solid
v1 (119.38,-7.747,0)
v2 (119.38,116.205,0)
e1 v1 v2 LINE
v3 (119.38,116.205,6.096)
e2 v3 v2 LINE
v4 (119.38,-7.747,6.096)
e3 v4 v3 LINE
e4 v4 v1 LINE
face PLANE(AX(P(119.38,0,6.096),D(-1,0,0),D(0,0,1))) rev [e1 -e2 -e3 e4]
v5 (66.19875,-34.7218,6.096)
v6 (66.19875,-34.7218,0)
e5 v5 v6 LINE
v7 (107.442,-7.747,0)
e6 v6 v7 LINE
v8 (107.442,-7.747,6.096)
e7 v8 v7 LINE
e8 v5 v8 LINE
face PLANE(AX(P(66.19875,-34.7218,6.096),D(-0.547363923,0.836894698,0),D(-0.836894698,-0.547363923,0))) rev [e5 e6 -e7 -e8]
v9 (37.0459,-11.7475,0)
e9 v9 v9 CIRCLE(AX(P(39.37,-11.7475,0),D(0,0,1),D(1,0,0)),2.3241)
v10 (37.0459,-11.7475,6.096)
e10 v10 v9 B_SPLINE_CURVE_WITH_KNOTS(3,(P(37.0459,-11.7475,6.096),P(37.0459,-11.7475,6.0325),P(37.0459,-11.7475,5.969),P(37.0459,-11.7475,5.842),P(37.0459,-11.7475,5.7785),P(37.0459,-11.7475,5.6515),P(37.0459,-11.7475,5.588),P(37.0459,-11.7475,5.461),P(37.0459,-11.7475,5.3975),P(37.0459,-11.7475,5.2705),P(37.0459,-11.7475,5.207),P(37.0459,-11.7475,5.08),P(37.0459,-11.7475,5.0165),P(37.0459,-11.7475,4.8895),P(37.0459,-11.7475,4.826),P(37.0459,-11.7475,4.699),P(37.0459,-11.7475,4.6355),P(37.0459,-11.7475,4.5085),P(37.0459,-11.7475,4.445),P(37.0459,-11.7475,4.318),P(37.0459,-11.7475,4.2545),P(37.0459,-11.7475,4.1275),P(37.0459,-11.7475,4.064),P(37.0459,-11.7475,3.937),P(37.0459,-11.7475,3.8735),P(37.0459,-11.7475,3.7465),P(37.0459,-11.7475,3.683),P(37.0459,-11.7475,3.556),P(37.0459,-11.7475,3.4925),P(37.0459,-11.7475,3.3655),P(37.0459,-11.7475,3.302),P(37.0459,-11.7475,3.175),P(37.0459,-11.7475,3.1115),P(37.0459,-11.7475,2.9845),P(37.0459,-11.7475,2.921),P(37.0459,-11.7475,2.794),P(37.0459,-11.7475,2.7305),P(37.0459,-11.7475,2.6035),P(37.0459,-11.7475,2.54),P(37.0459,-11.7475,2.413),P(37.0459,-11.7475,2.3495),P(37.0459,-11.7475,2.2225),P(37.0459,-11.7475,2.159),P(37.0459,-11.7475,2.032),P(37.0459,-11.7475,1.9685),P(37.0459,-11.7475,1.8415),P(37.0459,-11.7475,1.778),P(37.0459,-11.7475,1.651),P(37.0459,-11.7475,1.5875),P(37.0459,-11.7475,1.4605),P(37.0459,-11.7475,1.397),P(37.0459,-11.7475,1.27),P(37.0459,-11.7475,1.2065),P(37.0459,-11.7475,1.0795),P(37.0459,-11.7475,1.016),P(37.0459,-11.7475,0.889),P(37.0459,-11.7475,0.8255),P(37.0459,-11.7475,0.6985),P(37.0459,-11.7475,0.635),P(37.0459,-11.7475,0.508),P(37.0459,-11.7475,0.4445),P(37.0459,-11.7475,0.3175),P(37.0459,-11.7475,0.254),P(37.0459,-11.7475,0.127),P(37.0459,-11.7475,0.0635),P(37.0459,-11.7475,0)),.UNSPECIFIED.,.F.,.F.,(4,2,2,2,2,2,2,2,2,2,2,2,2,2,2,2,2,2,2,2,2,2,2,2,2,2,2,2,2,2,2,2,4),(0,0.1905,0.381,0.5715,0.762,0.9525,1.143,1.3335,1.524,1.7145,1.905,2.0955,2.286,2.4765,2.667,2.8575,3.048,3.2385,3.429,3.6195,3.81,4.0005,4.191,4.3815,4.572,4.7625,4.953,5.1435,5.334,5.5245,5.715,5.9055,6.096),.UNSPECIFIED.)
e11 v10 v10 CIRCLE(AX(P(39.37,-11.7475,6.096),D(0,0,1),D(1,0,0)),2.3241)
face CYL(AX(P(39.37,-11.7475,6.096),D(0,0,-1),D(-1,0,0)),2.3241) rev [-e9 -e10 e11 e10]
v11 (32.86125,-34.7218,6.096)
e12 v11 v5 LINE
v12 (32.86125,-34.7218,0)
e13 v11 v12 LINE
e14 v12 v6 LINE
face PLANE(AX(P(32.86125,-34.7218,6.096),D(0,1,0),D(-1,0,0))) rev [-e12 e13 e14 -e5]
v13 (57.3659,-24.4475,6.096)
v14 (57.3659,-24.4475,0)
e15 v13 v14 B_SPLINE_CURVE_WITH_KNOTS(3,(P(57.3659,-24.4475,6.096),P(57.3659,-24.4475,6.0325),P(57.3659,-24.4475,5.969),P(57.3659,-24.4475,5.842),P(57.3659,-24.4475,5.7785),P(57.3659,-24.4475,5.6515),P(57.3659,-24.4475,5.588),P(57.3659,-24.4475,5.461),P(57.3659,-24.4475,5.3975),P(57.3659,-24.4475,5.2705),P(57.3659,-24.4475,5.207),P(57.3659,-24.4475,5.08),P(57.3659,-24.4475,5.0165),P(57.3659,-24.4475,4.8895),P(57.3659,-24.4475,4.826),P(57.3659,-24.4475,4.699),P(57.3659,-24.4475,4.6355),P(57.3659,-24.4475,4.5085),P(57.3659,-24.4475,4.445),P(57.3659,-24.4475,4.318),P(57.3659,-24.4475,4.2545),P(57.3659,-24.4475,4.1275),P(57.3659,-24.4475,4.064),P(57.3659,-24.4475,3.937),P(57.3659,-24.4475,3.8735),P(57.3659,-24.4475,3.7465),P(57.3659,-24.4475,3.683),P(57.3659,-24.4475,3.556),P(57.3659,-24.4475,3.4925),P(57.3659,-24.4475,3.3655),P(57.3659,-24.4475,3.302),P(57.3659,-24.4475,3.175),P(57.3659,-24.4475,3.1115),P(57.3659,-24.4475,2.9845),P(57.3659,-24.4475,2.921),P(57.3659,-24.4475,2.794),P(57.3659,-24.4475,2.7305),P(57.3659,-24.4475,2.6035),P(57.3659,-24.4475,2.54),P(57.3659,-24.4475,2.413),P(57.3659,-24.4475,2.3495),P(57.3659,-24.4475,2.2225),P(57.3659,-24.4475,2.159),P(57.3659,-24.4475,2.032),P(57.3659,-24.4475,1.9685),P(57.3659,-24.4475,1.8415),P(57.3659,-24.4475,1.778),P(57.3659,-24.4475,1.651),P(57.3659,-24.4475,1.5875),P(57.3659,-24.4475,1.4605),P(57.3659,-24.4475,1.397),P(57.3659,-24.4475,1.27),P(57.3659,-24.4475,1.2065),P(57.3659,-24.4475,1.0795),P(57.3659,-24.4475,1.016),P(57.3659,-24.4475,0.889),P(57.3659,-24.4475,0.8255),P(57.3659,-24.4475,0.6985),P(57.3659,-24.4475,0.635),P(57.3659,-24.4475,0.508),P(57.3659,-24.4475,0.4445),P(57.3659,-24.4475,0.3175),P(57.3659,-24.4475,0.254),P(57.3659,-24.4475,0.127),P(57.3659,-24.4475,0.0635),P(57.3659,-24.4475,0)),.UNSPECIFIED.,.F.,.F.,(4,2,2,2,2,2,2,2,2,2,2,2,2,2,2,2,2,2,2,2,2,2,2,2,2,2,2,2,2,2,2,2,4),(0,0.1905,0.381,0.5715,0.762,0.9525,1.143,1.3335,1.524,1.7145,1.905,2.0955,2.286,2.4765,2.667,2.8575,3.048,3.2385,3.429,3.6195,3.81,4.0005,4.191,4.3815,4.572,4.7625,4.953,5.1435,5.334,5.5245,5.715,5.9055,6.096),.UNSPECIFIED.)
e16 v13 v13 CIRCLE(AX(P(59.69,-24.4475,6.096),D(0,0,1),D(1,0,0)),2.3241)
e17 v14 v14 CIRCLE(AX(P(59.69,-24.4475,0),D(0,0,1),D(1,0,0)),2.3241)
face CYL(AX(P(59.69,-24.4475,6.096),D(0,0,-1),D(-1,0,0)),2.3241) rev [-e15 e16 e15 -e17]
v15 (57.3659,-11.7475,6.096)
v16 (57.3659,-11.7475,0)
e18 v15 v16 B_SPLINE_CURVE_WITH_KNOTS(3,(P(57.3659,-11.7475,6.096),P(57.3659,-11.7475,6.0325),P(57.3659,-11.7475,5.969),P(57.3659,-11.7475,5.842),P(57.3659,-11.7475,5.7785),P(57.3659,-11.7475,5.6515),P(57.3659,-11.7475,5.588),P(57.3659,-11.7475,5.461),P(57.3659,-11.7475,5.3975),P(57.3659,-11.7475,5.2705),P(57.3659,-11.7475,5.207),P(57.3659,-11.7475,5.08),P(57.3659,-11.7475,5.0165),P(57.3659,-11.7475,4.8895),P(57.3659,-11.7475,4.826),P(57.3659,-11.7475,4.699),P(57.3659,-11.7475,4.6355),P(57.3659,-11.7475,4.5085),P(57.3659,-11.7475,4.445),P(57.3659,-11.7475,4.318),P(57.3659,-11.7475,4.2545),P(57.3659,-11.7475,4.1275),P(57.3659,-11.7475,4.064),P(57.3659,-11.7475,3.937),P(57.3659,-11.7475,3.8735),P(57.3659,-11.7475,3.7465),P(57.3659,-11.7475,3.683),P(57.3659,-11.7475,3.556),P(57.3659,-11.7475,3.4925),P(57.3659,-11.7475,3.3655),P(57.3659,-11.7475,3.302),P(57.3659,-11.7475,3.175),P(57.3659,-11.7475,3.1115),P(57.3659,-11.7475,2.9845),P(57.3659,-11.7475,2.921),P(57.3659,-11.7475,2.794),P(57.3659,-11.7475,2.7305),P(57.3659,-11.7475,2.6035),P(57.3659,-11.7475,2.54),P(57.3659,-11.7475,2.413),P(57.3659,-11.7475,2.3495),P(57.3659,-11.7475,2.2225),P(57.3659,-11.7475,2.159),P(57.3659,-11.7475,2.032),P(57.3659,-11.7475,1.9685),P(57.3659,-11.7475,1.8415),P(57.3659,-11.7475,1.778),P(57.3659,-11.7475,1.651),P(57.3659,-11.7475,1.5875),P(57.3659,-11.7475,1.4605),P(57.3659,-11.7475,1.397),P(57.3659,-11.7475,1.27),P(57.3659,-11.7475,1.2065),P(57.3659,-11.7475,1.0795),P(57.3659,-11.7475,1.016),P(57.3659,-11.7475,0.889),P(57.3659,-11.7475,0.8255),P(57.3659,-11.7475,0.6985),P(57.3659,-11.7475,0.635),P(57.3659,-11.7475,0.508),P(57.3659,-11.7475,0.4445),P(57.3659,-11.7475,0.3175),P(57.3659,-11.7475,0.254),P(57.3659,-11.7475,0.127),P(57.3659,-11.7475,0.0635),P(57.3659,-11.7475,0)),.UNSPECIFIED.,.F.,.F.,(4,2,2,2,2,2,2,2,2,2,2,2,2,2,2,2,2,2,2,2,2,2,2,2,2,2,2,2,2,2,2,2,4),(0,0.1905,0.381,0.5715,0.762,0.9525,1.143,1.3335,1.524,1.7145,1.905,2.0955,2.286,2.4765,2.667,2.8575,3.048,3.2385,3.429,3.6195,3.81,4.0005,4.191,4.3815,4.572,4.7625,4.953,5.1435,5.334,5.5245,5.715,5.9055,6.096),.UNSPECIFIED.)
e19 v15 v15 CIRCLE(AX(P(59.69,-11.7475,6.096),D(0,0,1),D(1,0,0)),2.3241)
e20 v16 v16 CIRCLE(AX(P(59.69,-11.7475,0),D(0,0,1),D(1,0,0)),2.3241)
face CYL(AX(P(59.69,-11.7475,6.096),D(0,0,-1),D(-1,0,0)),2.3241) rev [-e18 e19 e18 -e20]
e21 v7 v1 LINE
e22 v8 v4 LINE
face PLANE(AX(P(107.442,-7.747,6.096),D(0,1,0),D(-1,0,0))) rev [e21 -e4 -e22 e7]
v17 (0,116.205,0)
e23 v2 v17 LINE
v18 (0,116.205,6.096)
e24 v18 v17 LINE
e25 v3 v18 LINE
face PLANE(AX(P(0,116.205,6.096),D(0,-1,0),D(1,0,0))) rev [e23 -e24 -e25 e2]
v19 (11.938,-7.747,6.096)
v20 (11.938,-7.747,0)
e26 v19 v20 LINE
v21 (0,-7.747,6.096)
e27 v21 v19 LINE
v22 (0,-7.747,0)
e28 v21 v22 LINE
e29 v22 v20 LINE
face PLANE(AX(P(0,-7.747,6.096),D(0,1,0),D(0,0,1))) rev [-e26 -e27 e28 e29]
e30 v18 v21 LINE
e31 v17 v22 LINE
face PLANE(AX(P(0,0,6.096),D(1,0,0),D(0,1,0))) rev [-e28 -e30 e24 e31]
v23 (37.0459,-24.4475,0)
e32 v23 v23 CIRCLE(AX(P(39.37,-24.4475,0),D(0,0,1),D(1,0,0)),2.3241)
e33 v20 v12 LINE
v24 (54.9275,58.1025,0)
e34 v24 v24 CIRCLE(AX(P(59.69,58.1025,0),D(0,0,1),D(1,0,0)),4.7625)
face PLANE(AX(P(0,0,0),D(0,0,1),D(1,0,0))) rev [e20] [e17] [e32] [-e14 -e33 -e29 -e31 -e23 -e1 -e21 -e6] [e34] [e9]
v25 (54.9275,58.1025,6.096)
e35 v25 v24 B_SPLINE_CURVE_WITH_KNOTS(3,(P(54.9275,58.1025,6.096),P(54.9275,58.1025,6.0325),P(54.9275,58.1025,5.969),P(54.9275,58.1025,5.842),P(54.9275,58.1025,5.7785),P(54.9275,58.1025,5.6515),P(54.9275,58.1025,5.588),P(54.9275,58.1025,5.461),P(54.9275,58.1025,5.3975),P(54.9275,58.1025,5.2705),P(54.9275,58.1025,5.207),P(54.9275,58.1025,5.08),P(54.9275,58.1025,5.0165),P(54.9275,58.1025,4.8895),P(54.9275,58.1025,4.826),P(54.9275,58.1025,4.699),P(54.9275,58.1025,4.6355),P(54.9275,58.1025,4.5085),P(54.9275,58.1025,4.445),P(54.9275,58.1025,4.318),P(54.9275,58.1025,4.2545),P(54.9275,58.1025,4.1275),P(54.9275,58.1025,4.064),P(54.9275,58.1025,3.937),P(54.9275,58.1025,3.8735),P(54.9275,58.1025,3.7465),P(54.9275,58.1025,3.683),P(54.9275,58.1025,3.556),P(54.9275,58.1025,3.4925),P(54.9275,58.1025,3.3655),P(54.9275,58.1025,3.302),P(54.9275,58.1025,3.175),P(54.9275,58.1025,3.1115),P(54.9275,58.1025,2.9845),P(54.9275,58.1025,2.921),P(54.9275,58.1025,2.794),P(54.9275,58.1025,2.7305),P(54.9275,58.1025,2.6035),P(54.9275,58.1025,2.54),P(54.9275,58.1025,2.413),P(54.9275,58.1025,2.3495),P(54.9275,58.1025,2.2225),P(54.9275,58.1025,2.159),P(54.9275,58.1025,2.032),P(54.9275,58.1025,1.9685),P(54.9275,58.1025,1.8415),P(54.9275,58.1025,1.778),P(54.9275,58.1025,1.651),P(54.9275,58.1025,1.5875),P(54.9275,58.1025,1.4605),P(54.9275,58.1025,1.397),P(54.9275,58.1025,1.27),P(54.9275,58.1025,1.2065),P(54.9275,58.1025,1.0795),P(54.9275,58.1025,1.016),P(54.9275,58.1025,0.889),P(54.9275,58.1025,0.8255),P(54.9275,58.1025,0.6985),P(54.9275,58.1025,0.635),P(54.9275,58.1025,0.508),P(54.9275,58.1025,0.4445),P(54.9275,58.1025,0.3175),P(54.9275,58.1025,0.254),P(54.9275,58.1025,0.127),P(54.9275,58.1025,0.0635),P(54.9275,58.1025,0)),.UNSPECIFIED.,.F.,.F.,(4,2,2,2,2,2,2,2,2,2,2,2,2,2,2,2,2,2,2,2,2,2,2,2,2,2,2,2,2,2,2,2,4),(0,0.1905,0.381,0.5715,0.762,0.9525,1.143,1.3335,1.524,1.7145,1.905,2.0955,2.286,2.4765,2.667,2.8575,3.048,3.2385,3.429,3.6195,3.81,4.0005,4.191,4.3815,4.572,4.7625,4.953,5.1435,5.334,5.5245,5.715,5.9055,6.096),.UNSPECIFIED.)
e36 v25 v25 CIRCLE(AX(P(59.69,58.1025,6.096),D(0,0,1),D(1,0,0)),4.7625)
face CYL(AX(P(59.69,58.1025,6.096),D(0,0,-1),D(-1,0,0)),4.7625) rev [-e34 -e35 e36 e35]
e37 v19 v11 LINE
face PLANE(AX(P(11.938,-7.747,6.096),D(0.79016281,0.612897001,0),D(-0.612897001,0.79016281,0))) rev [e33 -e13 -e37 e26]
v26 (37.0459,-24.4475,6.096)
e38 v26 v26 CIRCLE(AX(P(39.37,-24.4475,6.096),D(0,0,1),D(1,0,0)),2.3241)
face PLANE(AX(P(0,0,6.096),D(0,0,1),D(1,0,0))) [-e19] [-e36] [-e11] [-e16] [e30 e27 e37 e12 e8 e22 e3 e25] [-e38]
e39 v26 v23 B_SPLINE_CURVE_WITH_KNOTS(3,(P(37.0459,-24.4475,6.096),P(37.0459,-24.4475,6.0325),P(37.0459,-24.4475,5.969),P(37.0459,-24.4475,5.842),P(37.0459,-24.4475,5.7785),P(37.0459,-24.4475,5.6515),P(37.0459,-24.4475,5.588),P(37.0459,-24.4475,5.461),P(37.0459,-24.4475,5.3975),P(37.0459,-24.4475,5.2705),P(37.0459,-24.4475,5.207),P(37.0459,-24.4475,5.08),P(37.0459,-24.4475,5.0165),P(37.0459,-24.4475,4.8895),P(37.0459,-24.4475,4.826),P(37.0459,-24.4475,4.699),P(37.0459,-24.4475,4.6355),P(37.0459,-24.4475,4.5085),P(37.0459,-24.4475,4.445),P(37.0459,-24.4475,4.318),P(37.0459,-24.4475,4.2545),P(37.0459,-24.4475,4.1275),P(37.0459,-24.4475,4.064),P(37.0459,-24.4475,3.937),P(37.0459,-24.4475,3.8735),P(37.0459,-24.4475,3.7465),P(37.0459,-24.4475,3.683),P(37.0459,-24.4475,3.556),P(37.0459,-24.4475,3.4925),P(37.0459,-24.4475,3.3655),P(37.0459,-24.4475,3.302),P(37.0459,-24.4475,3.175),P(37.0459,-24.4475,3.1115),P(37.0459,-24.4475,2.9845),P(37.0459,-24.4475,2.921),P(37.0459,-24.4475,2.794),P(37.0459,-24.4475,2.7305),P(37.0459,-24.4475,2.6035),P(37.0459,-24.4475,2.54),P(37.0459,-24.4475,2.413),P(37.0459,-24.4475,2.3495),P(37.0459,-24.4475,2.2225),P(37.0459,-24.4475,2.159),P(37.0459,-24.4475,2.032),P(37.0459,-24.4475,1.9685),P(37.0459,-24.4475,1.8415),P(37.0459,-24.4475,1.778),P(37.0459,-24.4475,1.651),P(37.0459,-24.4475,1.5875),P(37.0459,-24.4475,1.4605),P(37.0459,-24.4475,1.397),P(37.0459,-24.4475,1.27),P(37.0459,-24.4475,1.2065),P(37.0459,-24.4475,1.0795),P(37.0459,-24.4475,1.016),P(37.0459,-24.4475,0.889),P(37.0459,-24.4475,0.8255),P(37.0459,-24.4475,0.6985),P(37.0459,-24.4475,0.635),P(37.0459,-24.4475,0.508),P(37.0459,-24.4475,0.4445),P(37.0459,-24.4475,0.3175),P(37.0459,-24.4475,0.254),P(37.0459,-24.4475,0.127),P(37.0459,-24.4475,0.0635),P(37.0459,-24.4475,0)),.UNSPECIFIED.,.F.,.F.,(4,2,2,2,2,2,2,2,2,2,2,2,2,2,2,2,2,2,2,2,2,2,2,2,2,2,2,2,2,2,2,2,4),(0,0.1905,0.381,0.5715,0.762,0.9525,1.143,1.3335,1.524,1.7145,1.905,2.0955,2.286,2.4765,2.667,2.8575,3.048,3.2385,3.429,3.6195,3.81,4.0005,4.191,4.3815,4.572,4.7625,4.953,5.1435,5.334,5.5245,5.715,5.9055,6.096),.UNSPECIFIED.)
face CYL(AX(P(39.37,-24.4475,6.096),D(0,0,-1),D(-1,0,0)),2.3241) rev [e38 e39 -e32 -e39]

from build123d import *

# Parameters (mm, degrees)
SKETCH1_R           = 4.7625
SKETCH1_R_2         = 2.3241
BOSS_EXTRUDE1_DEPTH = 6.096


with BuildPart() as part:
    # Sketch1 → Boss-Extrude1 (new body)
    with BuildSketch(Plane.XY):
        Polygon((0, 0), (0, 116.205), (119.38, 116.205), (119.38, 0), (119.38, -7.747), (107.442, -7.747), (66.19875, -34.7218), (32.86125, -34.7218), (11.938, -7.747), (0, -7.747), align=None)
        with Locations(Location((59.69, 58.1025, 0), (0, 0, 180))):
            Circle(SKETCH1_R, mode=Mode.SUBTRACT)
        with Locations(Location((39.37, -11.7475, 0), (0, 0, 180))):
            Circle(SKETCH1_R_2, mode=Mode.SUBTRACT)
        with Locations(Location((59.69, -11.7475, 0), (0, 0, 180))):
            Circle(SKETCH1_R_2, mode=Mode.SUBTRACT)
        with Locations(Location((59.69, -24.4475, 0), (0, 0, 180))):
            Circle(SKETCH1_R_2, mode=Mode.SUBTRACT)
        with Locations(Location((39.37, -24.4475, 0), (0, 0, 180))):
            Circle(SKETCH1_R_2, mode=Mode.SUBTRACT)
    extrude(amount=BOSS_EXTRUDE1_DEPTH)


solid = part.part
